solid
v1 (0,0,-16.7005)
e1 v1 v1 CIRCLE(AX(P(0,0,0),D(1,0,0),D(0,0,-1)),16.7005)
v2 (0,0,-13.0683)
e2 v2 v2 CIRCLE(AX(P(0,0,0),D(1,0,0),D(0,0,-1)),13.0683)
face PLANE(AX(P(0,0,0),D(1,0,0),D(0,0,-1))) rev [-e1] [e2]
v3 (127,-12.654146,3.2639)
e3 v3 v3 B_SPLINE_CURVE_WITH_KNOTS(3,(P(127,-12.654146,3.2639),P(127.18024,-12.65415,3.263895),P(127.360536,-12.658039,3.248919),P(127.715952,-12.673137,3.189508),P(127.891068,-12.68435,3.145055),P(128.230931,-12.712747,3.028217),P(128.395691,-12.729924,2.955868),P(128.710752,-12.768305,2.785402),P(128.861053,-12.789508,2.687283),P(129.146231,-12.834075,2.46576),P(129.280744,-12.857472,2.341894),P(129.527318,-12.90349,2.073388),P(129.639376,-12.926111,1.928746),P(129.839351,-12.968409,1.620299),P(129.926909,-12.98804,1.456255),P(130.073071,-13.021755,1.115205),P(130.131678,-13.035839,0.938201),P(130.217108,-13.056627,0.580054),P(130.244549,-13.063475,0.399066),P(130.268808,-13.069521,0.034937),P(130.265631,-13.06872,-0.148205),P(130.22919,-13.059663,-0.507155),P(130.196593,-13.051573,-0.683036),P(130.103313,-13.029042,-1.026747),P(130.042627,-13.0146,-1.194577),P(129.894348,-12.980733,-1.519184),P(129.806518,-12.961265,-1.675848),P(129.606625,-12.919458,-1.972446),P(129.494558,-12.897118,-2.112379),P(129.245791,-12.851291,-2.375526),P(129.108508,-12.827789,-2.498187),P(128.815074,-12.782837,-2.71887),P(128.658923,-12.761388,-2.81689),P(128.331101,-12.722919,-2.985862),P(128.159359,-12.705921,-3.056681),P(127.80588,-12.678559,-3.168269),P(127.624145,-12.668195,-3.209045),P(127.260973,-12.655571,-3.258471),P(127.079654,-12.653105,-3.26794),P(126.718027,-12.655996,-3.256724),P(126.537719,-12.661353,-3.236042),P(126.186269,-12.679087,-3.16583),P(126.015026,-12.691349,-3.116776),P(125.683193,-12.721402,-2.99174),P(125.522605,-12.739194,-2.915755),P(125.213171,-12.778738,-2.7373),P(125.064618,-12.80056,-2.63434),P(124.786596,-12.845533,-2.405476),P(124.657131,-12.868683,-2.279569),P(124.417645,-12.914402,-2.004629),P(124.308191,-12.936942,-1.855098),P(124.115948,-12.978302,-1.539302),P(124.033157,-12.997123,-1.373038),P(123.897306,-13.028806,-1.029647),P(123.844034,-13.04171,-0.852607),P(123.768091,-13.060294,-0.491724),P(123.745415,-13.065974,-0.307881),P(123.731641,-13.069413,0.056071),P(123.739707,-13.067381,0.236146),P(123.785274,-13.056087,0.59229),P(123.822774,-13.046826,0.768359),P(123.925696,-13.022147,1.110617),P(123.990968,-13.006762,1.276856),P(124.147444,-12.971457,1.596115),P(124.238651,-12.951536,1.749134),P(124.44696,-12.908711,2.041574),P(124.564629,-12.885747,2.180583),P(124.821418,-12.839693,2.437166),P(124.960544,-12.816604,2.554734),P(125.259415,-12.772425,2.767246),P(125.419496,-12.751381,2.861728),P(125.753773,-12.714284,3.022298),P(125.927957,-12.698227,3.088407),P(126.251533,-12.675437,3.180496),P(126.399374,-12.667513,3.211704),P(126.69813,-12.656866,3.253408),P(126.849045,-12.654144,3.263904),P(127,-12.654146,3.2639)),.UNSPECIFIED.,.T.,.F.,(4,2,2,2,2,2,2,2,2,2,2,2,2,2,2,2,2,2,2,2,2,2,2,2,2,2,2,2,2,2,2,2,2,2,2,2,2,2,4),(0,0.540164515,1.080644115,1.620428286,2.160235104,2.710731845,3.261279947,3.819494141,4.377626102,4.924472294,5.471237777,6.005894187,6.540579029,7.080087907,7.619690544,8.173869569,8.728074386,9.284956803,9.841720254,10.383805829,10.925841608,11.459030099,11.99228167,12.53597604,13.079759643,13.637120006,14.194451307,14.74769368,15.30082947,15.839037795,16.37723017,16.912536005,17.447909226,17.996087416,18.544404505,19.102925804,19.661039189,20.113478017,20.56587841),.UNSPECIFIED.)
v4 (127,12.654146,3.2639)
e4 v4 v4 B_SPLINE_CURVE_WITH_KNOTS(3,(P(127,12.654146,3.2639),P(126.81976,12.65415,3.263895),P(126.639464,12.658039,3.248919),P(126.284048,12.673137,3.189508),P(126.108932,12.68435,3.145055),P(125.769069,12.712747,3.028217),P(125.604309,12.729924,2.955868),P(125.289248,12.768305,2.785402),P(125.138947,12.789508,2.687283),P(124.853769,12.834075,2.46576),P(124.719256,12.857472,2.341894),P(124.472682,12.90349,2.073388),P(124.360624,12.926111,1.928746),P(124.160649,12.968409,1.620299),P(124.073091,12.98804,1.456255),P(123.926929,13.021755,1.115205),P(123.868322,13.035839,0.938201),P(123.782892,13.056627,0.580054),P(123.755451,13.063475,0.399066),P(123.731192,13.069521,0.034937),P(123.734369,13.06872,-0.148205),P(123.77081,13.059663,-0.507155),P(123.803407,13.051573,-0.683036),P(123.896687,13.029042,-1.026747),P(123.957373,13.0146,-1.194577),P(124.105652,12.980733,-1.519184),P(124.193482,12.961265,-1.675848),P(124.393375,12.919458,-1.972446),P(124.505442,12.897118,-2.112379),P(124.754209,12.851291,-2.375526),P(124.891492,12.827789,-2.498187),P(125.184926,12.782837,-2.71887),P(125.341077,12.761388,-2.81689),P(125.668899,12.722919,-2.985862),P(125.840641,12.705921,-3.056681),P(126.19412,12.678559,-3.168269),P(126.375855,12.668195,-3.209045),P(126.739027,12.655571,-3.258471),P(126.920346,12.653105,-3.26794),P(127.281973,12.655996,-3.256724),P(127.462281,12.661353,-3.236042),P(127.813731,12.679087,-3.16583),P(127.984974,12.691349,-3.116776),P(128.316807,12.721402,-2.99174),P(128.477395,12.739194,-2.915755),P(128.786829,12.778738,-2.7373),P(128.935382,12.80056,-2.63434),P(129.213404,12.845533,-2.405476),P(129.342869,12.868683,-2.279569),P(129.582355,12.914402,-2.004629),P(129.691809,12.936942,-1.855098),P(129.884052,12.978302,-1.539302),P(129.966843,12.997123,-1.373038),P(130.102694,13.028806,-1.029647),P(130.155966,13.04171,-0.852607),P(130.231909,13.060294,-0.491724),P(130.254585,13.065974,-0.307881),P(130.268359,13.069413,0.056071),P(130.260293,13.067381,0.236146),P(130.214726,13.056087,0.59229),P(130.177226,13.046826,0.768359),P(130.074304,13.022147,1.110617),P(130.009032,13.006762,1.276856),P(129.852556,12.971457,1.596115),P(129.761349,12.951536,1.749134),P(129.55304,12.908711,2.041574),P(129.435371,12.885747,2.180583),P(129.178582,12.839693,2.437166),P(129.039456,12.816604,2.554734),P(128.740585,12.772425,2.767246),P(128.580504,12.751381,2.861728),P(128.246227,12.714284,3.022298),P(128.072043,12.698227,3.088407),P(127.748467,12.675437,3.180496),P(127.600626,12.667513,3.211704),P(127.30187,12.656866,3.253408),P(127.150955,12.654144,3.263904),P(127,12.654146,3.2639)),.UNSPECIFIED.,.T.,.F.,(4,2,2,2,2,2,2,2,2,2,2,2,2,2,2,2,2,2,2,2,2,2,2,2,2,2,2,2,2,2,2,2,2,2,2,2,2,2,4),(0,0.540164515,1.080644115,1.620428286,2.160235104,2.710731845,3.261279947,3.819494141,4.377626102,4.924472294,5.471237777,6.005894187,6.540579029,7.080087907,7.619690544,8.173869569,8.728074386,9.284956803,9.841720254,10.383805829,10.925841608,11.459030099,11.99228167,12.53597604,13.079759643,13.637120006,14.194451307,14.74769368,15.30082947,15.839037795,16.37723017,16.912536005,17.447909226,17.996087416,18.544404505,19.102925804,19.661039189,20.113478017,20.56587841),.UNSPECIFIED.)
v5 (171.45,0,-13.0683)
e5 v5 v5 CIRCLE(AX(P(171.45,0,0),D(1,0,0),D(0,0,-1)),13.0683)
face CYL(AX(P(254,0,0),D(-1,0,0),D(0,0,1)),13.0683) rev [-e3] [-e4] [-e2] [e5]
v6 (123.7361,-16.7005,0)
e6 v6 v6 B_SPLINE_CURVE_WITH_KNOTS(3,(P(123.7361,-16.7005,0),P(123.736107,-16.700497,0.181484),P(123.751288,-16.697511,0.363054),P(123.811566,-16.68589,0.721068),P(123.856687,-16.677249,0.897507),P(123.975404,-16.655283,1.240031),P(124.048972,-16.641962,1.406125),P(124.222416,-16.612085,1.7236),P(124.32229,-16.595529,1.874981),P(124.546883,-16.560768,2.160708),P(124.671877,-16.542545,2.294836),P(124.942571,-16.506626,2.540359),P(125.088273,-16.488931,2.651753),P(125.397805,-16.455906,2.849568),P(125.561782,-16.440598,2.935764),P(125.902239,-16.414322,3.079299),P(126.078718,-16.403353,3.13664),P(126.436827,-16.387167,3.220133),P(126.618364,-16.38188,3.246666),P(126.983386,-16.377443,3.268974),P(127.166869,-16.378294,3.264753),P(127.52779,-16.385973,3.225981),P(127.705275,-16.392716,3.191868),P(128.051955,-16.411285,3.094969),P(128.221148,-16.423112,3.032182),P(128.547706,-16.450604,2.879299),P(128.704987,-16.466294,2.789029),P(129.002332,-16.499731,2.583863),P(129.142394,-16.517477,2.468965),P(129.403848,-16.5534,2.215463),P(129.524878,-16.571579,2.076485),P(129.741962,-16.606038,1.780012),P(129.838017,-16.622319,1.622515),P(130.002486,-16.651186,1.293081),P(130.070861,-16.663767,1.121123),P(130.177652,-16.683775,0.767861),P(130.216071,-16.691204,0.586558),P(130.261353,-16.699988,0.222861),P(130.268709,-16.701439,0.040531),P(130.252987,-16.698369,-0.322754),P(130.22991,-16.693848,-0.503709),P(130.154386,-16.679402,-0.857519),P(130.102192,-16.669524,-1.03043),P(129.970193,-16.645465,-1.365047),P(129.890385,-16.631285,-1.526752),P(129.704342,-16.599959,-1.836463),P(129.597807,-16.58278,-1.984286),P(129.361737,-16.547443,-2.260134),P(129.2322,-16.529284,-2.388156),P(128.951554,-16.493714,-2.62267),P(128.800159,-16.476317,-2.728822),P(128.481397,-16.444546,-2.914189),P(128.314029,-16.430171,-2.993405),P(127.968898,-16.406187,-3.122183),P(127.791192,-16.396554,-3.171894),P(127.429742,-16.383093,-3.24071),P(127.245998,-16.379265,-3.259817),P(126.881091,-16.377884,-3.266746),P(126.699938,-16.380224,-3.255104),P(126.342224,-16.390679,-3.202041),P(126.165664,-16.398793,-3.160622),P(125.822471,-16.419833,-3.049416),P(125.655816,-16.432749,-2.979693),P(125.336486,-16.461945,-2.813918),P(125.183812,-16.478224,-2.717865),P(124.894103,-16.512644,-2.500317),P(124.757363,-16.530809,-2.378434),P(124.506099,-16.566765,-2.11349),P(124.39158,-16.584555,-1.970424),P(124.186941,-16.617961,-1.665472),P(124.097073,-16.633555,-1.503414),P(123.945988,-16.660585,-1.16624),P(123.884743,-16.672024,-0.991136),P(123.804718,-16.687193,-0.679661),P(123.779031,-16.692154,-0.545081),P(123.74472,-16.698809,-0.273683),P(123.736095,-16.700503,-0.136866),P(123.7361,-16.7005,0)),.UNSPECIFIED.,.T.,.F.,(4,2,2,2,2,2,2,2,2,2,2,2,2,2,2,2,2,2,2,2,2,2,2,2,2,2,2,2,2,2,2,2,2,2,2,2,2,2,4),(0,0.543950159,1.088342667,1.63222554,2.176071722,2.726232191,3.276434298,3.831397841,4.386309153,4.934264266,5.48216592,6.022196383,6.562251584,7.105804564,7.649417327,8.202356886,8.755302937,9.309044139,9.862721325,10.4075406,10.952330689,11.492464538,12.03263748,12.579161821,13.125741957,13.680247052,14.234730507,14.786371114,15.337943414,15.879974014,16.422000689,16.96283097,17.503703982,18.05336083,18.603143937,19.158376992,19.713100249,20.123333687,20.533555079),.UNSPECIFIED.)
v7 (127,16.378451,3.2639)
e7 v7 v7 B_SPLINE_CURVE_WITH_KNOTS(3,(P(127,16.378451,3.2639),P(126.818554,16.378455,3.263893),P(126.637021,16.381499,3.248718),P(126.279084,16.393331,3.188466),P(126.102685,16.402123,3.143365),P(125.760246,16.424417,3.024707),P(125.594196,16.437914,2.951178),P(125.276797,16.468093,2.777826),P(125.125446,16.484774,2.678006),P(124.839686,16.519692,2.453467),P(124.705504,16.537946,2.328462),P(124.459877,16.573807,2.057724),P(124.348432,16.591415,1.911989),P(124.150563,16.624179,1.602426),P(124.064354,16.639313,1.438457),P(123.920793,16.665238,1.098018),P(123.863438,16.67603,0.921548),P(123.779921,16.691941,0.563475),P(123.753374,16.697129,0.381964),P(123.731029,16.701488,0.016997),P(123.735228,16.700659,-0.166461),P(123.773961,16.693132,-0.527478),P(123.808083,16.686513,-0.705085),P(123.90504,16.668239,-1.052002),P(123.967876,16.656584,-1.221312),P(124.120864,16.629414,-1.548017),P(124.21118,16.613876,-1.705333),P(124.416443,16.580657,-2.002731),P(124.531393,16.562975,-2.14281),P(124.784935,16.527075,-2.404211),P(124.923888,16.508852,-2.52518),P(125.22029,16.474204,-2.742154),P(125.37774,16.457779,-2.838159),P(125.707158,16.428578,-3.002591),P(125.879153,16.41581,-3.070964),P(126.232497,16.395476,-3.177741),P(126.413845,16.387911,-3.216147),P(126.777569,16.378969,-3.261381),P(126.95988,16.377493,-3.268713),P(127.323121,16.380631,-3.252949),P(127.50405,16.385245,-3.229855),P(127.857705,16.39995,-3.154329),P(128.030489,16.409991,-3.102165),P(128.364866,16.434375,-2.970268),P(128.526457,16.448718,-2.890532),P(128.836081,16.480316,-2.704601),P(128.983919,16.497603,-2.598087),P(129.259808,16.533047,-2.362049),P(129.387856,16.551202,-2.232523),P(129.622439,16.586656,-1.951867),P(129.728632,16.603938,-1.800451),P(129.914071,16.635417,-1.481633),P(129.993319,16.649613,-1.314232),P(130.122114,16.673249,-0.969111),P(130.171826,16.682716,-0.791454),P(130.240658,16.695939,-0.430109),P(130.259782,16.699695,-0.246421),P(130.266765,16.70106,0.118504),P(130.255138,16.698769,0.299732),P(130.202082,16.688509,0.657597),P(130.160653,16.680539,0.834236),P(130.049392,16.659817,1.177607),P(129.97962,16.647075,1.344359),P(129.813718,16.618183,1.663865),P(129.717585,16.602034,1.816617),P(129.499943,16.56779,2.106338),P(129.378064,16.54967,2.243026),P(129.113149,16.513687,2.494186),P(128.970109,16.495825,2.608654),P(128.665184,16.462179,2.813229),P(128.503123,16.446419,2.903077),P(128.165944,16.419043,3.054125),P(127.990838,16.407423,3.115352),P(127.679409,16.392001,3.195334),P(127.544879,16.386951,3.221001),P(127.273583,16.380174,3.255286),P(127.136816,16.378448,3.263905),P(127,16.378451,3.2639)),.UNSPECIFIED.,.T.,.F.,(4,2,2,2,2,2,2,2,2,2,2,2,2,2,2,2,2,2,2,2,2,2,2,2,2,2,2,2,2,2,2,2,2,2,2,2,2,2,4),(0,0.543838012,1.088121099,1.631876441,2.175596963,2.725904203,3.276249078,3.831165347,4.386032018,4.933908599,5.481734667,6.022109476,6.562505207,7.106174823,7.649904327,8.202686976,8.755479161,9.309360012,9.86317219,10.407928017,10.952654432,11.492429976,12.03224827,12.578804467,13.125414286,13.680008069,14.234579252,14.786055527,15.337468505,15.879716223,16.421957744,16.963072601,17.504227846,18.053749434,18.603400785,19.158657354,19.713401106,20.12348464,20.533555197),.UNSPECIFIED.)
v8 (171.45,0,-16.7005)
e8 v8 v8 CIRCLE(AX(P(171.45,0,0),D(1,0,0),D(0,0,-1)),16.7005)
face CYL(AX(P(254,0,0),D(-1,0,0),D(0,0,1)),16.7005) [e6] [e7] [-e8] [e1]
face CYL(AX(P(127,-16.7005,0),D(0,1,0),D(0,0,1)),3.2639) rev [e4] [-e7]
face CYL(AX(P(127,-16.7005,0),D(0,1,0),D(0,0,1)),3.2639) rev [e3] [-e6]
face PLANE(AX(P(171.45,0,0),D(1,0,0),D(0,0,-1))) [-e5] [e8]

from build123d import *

# Parameters (mm, degrees)
SKETCH1_R               = 16.7005
SKETCH1_R_2             = 13.0683
BOSS_EXTRUDE1_DEPTH     = 254
CUT_EXTRUDE2_DEPTH      = 256.095694594
CUT_EXTRUDE2_DEPTH_BACK = 256.095694594
SKETCH3_R               = 3.2639
CUT_EXTRUDE4_START      = -82.55
SKETCH4_R               = 16.7005
CUT_EXTRUDE4_DEPTH      = 82.55


with BuildPart() as part:
    # Sketch1 → Boss-Extrude1 (new body)
    with BuildSketch(Plane(origin=(0, 0, 0), x_dir=(0, 0, -1), z_dir=(1, 0, 0))):
        Circle(SKETCH1_R)
        Circle(SKETCH1_R_2, mode=Mode.SUBTRACT)
    extrude(amount=BOSS_EXTRUDE1_DEPTH)

    # Sketch3 → Cut-Extrude2 (cut, two sides: drawn at the far end of the back side and taken through both)
    with BuildSketch(Plane(origin=(0, 0, 0), x_dir=(1, 0, 0), z_dir=(0, 1, 0)).offset(-CUT_EXTRUDE2_DEPTH_BACK)):
        with Locations(Location((127, 0, 0), (0, 0, 270))):
            Circle(SKETCH3_R)
    extrude(amount=CUT_EXTRUDE2_DEPTH + CUT_EXTRUDE2_DEPTH_BACK, mode=Mode.SUBTRACT)

    # Sketch4 → Cut-Extrude4 (cut)
    with BuildSketch(Plane(origin=(254, 0, 0), x_dir=(0, 0, -1), z_dir=(1, 0, 0)).offset(CUT_EXTRUDE4_START)):
        Circle(SKETCH4_R)
    extrude(amount=CUT_EXTRUDE4_DEPTH, mode=Mode.SUBTRACT)


solid = part.part
